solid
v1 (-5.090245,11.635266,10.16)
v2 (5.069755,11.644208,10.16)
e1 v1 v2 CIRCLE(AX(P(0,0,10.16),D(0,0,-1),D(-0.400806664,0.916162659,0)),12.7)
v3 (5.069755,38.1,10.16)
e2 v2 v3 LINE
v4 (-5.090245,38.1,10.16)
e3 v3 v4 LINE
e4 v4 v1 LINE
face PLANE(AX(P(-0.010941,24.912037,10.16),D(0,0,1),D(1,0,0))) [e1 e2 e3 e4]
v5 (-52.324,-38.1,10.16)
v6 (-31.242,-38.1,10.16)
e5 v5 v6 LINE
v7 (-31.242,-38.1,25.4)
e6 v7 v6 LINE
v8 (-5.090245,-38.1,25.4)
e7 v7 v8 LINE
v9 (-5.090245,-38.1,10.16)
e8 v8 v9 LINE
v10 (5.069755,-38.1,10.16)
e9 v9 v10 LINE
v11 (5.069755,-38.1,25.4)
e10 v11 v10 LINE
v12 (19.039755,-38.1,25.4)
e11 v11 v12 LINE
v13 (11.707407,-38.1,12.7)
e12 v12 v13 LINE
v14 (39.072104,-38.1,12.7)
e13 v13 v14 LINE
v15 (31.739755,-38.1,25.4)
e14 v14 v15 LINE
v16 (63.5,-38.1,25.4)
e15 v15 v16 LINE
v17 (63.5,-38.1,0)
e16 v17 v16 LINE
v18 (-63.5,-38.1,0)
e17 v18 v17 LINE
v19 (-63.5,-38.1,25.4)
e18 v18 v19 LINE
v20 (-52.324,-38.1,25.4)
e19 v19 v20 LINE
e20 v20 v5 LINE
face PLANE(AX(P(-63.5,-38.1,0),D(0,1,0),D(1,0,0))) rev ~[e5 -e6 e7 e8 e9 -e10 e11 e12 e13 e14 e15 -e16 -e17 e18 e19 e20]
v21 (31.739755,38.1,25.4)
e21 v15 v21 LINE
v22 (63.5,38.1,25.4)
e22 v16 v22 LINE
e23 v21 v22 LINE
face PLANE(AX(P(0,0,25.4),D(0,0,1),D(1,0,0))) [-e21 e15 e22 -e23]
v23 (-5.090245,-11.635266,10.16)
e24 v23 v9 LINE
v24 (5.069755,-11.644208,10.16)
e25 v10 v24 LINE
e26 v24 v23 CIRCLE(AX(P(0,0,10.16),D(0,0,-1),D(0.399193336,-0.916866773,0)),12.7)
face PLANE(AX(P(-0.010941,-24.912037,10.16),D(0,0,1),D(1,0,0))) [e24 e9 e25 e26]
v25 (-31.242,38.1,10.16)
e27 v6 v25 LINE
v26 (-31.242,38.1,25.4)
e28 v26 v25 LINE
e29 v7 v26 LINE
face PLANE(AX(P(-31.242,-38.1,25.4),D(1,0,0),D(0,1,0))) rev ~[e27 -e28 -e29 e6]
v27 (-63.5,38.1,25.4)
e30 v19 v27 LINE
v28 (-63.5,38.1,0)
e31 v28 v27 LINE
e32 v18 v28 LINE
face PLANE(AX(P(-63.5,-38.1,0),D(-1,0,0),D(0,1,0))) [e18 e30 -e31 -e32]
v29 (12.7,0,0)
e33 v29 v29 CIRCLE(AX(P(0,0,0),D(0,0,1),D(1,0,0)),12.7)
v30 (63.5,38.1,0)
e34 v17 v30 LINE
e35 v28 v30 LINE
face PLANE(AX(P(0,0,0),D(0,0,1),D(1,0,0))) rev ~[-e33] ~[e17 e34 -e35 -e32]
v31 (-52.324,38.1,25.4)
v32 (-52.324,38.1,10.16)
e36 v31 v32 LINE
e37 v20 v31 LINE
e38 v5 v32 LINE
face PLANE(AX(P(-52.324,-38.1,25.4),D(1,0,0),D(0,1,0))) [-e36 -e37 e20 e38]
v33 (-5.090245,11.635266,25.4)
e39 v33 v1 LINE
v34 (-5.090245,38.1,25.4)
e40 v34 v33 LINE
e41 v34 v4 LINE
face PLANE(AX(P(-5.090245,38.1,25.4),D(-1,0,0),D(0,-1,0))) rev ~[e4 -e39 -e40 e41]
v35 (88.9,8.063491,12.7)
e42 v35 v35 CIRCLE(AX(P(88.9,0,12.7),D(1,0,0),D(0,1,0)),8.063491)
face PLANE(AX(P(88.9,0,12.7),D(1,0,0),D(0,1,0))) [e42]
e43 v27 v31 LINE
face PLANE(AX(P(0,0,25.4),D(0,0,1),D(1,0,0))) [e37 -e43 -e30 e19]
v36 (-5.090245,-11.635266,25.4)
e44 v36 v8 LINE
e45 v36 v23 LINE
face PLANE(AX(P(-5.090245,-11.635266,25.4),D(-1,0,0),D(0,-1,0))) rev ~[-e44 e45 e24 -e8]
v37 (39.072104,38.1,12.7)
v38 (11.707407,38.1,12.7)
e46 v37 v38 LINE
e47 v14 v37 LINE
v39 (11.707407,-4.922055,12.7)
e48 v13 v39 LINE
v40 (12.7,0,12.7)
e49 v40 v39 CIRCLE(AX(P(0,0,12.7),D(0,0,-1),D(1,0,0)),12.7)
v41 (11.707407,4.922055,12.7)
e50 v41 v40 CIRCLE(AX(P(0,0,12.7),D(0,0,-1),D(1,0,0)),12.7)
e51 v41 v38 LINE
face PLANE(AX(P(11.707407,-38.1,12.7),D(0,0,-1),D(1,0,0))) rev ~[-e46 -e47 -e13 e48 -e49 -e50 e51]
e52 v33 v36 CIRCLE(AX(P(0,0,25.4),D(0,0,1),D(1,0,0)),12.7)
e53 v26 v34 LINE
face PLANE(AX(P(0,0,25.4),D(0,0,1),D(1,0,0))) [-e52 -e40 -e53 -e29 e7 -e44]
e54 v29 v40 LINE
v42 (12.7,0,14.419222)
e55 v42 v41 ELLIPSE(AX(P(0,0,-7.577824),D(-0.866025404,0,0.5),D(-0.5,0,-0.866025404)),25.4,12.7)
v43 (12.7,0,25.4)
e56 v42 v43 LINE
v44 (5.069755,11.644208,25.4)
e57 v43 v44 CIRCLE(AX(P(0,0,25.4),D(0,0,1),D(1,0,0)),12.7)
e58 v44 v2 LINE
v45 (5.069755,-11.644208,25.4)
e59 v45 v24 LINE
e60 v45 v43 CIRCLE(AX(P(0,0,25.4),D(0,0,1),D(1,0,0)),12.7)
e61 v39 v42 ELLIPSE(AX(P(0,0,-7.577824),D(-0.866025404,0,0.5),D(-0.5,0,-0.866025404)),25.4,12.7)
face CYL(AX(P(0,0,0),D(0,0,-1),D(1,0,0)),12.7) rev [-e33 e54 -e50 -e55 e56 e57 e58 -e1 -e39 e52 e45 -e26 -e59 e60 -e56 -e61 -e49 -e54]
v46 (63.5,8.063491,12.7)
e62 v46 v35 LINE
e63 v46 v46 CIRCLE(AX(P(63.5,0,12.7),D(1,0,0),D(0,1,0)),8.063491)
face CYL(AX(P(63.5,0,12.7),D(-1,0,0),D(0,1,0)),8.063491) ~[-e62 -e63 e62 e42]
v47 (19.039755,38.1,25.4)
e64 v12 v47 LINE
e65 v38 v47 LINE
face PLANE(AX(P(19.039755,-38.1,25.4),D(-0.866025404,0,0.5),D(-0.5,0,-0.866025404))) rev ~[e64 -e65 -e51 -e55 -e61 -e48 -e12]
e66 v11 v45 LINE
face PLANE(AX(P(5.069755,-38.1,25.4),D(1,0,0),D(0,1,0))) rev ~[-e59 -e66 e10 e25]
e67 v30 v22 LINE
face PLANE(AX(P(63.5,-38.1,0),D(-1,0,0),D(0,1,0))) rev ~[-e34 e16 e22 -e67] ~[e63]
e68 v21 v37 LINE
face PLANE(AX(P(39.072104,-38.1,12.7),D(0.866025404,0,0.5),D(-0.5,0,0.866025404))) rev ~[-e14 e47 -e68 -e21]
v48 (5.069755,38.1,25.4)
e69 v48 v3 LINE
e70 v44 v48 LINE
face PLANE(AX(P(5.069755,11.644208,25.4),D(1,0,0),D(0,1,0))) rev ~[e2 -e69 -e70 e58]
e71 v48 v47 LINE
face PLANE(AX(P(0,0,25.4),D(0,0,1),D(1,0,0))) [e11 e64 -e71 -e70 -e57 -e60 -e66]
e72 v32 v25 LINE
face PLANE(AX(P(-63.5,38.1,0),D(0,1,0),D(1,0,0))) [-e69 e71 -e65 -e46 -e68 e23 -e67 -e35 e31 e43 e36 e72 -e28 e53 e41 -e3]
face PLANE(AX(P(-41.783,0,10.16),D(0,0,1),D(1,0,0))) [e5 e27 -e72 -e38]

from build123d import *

# Parameters (mm, degrees)
F1_W     = 127
F1_H     = 76.2
F1_R     = 12.7
F2_DEPTH = 25.4
F3_W     = 21.082
F3_H     = 76.2
F4_DEPTH = 15.24
F6_DEPTH = 76.201
F7_R     = 8.0634907525
F8_DEPTH = 25.4


with BuildPart() as f2:
    # F1 (on face) → F2 (new body)
    with BuildSketch(Plane.XY):
        Rectangle(F1_W, F1_H)
        Circle(F1_R, mode=Mode.SUBTRACT)
    extrude(amount=F2_DEPTH)

    # F3 (on face) → F4 (cut)
    with BuildSketch(Plane.XY.offset(25.4)):
        with Locations((-41.783, 0)):
            Rectangle(F3_W, F3_H)
        with BuildLine():
            Line((5.0697553696, 38.1), (-5.0902446304, 38.1))
            Line((-5.0902446304, 38.1), (-5.0902446304, 11.6352657728))
            ThreePointArc((-5.0902446304, 11.6352657728), (-0.0111778089, 12.699995081), (5.0697553696, 11.6442080234))
            Line((5.0697553696, 11.6442080234), (5.0697553696, 38.1))
        make_face()
        with BuildLine():
            Line((-5.0902446304, -11.6352657728), (-5.0902446304, -38.1))
            Line((-5.0902446304, -38.1), (5.0697553696, -38.1))
            Line((5.0697553696, -38.1), (5.0697553696, -11.6442080234))
            ThreePointArc((5.0697553696, -11.6442080234), (-0.0111778089, -12.699995081), (-5.0902446304, -11.6352657728))
        make_face()
    extrude(amount=-F4_DEPTH, mode=Mode.SUBTRACT)

    # F5 (on face) → F6 (cut, through all)
    with BuildSketch(Plane.XZ.offset(38.1)):
        Polygon((31.7397553696, 25.4), (19.0397553696, 25.4), (11.7074069509, 12.7), (39.0721037883, 12.7), align=None)
    extrude(amount=-F6_DEPTH, mode=Mode.SUBTRACT)

    # F7 (on face) → F8 (join)
    with BuildSketch(Plane.YZ.offset(63.5)):
        with Locations((0, 12.7)):
            Circle(F7_R)
    extrude(amount=F8_DEPTH)


solid = f2.part
